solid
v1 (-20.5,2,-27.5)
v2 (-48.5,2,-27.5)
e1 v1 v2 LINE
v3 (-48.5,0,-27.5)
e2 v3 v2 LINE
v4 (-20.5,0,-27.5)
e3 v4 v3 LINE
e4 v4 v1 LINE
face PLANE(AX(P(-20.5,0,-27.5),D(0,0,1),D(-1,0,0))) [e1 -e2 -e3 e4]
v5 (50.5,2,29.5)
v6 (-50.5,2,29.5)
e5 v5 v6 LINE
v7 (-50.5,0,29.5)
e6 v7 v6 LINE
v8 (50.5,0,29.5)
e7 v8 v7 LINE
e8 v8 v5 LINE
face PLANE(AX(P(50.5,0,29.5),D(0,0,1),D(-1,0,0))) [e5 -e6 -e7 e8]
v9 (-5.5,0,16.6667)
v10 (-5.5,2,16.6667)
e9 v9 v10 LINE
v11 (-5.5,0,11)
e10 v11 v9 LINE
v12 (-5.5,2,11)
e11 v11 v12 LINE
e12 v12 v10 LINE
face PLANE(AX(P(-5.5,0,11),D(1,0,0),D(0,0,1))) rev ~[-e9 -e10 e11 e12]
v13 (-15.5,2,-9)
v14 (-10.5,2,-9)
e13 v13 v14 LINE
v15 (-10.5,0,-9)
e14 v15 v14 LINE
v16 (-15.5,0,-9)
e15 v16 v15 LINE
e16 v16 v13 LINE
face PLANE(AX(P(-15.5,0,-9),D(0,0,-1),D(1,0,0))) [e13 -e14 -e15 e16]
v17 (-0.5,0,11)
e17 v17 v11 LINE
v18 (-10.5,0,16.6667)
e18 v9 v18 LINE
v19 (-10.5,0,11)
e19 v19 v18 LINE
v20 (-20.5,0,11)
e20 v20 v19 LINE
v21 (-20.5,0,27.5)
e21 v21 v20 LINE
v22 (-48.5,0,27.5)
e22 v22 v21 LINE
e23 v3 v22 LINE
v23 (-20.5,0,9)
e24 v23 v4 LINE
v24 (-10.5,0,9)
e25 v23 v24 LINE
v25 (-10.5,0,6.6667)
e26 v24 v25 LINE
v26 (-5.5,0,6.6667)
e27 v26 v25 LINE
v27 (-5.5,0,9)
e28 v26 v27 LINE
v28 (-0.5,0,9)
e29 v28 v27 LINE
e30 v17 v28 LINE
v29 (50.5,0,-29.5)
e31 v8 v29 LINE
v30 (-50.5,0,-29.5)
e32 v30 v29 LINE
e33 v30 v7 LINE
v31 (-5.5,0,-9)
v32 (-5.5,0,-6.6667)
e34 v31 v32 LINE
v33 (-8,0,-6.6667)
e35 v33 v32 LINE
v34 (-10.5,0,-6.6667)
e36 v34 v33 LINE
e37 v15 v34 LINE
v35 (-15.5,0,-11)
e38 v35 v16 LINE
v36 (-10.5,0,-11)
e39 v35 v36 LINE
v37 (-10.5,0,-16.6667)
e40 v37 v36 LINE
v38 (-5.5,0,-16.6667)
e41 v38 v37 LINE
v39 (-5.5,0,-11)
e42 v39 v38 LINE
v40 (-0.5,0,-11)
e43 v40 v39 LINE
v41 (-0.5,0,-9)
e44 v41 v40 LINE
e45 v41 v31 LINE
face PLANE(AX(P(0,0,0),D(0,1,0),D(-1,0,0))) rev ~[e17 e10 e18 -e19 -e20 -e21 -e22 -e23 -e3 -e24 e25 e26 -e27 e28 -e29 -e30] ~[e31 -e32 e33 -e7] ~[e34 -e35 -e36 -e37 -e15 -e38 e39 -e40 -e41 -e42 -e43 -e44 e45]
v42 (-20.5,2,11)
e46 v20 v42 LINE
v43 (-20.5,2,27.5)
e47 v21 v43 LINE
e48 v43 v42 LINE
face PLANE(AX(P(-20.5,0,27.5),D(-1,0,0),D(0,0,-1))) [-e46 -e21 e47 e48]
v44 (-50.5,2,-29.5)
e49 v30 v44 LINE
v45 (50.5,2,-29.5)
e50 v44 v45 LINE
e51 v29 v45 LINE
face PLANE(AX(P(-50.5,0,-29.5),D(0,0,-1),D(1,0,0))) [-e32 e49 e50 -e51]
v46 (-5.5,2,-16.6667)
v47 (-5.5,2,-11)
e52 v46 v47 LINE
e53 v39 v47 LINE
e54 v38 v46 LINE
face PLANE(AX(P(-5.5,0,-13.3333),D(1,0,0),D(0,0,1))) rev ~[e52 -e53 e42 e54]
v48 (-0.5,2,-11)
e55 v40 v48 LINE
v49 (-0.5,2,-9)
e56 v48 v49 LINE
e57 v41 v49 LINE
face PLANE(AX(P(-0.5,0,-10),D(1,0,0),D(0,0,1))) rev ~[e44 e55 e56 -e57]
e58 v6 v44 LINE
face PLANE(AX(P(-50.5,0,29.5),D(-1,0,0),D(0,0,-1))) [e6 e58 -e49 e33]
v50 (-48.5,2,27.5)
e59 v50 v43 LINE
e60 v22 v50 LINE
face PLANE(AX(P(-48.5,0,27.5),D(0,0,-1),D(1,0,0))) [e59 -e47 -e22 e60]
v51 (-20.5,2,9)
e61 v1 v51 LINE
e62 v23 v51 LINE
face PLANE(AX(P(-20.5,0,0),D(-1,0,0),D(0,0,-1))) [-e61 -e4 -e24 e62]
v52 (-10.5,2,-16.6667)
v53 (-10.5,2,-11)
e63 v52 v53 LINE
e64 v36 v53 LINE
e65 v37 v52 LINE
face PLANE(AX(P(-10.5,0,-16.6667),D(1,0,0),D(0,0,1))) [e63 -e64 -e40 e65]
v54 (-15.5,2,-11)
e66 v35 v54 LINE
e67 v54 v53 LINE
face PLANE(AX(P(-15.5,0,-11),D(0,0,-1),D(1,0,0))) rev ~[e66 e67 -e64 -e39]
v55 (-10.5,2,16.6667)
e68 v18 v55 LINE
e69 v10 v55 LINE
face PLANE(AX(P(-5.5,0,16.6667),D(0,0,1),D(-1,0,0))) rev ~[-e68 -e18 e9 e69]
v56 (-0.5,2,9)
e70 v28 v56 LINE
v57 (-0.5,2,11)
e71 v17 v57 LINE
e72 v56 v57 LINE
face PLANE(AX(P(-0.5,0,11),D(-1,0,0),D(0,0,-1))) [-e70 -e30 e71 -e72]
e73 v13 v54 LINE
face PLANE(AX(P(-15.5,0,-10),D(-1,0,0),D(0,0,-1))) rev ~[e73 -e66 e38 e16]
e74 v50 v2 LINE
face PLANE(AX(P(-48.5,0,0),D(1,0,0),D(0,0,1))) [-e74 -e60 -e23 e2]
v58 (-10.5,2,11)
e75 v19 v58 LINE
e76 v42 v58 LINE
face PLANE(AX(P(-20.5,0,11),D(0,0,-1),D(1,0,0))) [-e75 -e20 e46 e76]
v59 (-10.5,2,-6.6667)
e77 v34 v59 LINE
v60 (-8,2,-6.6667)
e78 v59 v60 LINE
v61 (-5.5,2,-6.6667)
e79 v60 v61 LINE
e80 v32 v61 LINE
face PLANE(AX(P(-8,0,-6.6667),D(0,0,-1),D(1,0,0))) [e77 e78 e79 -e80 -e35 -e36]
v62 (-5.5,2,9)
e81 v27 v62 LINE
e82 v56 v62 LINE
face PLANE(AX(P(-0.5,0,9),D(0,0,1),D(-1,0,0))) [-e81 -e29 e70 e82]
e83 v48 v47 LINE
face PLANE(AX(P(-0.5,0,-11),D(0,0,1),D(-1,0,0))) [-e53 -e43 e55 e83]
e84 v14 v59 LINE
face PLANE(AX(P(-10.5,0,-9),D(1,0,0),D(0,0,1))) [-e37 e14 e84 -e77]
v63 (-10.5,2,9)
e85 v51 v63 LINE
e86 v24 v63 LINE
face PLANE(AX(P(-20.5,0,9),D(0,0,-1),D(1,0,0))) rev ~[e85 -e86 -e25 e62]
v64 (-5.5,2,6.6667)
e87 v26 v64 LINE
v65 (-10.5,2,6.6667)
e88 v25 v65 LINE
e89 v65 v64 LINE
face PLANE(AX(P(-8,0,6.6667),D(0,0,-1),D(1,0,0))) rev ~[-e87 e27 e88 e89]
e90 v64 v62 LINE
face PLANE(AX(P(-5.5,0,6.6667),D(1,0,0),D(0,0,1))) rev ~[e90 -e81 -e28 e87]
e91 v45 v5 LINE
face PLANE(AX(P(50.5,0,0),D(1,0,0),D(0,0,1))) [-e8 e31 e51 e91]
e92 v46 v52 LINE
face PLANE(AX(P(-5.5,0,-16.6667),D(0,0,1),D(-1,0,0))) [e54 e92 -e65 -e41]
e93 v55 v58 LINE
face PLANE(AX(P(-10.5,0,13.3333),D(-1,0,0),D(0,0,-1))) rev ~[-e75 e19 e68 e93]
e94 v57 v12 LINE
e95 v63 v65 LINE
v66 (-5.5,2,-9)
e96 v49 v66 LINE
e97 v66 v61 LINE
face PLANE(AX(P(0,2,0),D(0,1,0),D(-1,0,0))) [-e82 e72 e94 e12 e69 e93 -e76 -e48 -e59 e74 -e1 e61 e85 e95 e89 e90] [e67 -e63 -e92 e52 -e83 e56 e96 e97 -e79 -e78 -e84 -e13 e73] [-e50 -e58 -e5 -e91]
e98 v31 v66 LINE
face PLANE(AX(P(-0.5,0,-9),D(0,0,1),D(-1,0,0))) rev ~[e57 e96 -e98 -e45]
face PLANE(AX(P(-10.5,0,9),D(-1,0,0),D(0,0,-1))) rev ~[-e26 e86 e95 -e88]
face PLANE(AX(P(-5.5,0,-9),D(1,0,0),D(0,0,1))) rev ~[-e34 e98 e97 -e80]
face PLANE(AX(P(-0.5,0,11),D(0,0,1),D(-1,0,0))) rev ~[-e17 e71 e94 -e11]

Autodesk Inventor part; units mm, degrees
ref_plane "YZ Plane" through (0, 0, 0) normal (1, 0, 0) x (0, 1, 0)
ref_plane "XZ Plane" through (0, 0, 0) normal (0, 1, 0) x (-1, 0, 0)
ref_plane "XY Plane" through (0, 0, 0) normal (0, 0, 1) x (1, 0, 0)
sketch "Sketch1" plane through (0, 0, 0) normal (0, 1, 0) x (-1, 0, 0)
  line L0 (-50.5, 29.5) -> (50.5, 29.5)
  line L1 (50.5, 29.5) -> (50.5, -29.5)
  line L2 (50.5, -29.5) -> (-50.5, -29.5)
  line L3 (-50.5, -29.5) -> (-50.5, 29.5)
  line L4 (-50.5, 29.5) -> (50.5, -29.5) construction
  line L5 (50.5, 29.5) -> (-50.5, -29.5) construction
  line L6 (5.5, 16.6667) -> (10.5, 16.6667)
  line L7 (10.5, 6.6667) -> (5.5, 6.6667)
  line L8 (5.5, 6.6667) -> (5.5, 16.6667)
  line L9 (5.5, 16.6667) -> (10.5, 6.6667) construction
  line L10 (10.5, 16.6667) -> (5.5, 6.6667) construction
  line L11 (5.5, -16.6667) -> (10.5, -16.6667)
  line L12 (10.5, -6.6667) -> (5.5, -6.6667)
  line L13 (5.5, -16.6667) -> (10.5, -6.6667) construction
  line L14 (10.5, -16.6667) -> (5.5, -6.6667) construction
  line L15 (10.5, 10) -> (20.5, 10)
  line L16 (20.5, 11) -> (20.5, 9)
  line L17 (20.5, 9) -> (10.5, 9)
  line L18 (20.5, 11) -> (10.5, 11)
  line L19 (10.5, -10) -> (15.5, -10)
  line L20 (15.5, -9) -> (15.5, -11)
  line L21 (5.5, 10) -> (0.5, 10)
  line L22 (0.5, 11) -> (0.5, 9)
  line L23 (0.5, 11) -> (5.5, 11)
  line L24 (0.5, 9) -> (5.5, 9)
  line L25 (15.5, -11) -> (10.5, -11)
  line L26 (15.5, -9) -> (10.5, -9)
  line L27 (48.5, 27.5) -> (20.5, 27.5)
  line L28 (20.5, 27.5) -> (20.5, -27.5)
  line L29 (20.5, -27.5) -> (48.5, -27.5)
  line L30 (48.5, -27.5) -> (48.5, 27.5)
  line L31 (10.5, 16.6667) -> (10.5, 13.3333)
  line L32 (10.5, 13.3333) -> (10.5, 10)
  line L33 (10.5, 10) -> (10.5, 6.6667)
  line L34 (5.5, -16.6667) -> (5.5, -13.3333)
  line L35 (5.5, -13.3333) -> (5.5, -10)
  line L36 (5.5, -10) -> (5.5, -6.6667)
  line L37 (0.5, -11) -> (0.5, -9)
  line L38 (5.5, -10) -> (0.5, -10)
  line L39 (0.5, -11) -> (5.5, -11)
  line L40 (0.5, -9) -> (5.5, -9)
  line L41 (10.5, -16.6667) -> (10.5, -6.6667)
  line L42 (8, 11.6667) -> (8, -11.6667)
  line L43 (50.5, 0) -> (-50.5, 0)
  point P0 (0, 0)
  point P1 (0, 29.5)
  point P2 (0, -29.5)
  point P3 (8, 0)
  dimension "d0" = 101
  dimension "d1" = 59
  dimension "d4" = 5
  dimension "d5" = 10
  dimension "d6" = 10
  dimension "d7" = 2
  dimension "d8" = 5
  dimension "d14" = 20
  dimension "d15" = 2
  dimension "d16" = 2
  dimension "d17" = 55
  dimension "d18" = 2
  dimension "d19" = 28
  dimension "d27" = 42.5
extrude "Extrusion4" add sketch "Sketch1" along normal blind 2 contours L0 L1 L43 L30 L27 L28 L18 L32 L31 L6 L8 L23 L22 L24 L7 L42 L3 | L43 L28 L29 L30 L1 L2 L3 | L42 L7 L33 L17 L28 L43
properties part number "Lag2"
